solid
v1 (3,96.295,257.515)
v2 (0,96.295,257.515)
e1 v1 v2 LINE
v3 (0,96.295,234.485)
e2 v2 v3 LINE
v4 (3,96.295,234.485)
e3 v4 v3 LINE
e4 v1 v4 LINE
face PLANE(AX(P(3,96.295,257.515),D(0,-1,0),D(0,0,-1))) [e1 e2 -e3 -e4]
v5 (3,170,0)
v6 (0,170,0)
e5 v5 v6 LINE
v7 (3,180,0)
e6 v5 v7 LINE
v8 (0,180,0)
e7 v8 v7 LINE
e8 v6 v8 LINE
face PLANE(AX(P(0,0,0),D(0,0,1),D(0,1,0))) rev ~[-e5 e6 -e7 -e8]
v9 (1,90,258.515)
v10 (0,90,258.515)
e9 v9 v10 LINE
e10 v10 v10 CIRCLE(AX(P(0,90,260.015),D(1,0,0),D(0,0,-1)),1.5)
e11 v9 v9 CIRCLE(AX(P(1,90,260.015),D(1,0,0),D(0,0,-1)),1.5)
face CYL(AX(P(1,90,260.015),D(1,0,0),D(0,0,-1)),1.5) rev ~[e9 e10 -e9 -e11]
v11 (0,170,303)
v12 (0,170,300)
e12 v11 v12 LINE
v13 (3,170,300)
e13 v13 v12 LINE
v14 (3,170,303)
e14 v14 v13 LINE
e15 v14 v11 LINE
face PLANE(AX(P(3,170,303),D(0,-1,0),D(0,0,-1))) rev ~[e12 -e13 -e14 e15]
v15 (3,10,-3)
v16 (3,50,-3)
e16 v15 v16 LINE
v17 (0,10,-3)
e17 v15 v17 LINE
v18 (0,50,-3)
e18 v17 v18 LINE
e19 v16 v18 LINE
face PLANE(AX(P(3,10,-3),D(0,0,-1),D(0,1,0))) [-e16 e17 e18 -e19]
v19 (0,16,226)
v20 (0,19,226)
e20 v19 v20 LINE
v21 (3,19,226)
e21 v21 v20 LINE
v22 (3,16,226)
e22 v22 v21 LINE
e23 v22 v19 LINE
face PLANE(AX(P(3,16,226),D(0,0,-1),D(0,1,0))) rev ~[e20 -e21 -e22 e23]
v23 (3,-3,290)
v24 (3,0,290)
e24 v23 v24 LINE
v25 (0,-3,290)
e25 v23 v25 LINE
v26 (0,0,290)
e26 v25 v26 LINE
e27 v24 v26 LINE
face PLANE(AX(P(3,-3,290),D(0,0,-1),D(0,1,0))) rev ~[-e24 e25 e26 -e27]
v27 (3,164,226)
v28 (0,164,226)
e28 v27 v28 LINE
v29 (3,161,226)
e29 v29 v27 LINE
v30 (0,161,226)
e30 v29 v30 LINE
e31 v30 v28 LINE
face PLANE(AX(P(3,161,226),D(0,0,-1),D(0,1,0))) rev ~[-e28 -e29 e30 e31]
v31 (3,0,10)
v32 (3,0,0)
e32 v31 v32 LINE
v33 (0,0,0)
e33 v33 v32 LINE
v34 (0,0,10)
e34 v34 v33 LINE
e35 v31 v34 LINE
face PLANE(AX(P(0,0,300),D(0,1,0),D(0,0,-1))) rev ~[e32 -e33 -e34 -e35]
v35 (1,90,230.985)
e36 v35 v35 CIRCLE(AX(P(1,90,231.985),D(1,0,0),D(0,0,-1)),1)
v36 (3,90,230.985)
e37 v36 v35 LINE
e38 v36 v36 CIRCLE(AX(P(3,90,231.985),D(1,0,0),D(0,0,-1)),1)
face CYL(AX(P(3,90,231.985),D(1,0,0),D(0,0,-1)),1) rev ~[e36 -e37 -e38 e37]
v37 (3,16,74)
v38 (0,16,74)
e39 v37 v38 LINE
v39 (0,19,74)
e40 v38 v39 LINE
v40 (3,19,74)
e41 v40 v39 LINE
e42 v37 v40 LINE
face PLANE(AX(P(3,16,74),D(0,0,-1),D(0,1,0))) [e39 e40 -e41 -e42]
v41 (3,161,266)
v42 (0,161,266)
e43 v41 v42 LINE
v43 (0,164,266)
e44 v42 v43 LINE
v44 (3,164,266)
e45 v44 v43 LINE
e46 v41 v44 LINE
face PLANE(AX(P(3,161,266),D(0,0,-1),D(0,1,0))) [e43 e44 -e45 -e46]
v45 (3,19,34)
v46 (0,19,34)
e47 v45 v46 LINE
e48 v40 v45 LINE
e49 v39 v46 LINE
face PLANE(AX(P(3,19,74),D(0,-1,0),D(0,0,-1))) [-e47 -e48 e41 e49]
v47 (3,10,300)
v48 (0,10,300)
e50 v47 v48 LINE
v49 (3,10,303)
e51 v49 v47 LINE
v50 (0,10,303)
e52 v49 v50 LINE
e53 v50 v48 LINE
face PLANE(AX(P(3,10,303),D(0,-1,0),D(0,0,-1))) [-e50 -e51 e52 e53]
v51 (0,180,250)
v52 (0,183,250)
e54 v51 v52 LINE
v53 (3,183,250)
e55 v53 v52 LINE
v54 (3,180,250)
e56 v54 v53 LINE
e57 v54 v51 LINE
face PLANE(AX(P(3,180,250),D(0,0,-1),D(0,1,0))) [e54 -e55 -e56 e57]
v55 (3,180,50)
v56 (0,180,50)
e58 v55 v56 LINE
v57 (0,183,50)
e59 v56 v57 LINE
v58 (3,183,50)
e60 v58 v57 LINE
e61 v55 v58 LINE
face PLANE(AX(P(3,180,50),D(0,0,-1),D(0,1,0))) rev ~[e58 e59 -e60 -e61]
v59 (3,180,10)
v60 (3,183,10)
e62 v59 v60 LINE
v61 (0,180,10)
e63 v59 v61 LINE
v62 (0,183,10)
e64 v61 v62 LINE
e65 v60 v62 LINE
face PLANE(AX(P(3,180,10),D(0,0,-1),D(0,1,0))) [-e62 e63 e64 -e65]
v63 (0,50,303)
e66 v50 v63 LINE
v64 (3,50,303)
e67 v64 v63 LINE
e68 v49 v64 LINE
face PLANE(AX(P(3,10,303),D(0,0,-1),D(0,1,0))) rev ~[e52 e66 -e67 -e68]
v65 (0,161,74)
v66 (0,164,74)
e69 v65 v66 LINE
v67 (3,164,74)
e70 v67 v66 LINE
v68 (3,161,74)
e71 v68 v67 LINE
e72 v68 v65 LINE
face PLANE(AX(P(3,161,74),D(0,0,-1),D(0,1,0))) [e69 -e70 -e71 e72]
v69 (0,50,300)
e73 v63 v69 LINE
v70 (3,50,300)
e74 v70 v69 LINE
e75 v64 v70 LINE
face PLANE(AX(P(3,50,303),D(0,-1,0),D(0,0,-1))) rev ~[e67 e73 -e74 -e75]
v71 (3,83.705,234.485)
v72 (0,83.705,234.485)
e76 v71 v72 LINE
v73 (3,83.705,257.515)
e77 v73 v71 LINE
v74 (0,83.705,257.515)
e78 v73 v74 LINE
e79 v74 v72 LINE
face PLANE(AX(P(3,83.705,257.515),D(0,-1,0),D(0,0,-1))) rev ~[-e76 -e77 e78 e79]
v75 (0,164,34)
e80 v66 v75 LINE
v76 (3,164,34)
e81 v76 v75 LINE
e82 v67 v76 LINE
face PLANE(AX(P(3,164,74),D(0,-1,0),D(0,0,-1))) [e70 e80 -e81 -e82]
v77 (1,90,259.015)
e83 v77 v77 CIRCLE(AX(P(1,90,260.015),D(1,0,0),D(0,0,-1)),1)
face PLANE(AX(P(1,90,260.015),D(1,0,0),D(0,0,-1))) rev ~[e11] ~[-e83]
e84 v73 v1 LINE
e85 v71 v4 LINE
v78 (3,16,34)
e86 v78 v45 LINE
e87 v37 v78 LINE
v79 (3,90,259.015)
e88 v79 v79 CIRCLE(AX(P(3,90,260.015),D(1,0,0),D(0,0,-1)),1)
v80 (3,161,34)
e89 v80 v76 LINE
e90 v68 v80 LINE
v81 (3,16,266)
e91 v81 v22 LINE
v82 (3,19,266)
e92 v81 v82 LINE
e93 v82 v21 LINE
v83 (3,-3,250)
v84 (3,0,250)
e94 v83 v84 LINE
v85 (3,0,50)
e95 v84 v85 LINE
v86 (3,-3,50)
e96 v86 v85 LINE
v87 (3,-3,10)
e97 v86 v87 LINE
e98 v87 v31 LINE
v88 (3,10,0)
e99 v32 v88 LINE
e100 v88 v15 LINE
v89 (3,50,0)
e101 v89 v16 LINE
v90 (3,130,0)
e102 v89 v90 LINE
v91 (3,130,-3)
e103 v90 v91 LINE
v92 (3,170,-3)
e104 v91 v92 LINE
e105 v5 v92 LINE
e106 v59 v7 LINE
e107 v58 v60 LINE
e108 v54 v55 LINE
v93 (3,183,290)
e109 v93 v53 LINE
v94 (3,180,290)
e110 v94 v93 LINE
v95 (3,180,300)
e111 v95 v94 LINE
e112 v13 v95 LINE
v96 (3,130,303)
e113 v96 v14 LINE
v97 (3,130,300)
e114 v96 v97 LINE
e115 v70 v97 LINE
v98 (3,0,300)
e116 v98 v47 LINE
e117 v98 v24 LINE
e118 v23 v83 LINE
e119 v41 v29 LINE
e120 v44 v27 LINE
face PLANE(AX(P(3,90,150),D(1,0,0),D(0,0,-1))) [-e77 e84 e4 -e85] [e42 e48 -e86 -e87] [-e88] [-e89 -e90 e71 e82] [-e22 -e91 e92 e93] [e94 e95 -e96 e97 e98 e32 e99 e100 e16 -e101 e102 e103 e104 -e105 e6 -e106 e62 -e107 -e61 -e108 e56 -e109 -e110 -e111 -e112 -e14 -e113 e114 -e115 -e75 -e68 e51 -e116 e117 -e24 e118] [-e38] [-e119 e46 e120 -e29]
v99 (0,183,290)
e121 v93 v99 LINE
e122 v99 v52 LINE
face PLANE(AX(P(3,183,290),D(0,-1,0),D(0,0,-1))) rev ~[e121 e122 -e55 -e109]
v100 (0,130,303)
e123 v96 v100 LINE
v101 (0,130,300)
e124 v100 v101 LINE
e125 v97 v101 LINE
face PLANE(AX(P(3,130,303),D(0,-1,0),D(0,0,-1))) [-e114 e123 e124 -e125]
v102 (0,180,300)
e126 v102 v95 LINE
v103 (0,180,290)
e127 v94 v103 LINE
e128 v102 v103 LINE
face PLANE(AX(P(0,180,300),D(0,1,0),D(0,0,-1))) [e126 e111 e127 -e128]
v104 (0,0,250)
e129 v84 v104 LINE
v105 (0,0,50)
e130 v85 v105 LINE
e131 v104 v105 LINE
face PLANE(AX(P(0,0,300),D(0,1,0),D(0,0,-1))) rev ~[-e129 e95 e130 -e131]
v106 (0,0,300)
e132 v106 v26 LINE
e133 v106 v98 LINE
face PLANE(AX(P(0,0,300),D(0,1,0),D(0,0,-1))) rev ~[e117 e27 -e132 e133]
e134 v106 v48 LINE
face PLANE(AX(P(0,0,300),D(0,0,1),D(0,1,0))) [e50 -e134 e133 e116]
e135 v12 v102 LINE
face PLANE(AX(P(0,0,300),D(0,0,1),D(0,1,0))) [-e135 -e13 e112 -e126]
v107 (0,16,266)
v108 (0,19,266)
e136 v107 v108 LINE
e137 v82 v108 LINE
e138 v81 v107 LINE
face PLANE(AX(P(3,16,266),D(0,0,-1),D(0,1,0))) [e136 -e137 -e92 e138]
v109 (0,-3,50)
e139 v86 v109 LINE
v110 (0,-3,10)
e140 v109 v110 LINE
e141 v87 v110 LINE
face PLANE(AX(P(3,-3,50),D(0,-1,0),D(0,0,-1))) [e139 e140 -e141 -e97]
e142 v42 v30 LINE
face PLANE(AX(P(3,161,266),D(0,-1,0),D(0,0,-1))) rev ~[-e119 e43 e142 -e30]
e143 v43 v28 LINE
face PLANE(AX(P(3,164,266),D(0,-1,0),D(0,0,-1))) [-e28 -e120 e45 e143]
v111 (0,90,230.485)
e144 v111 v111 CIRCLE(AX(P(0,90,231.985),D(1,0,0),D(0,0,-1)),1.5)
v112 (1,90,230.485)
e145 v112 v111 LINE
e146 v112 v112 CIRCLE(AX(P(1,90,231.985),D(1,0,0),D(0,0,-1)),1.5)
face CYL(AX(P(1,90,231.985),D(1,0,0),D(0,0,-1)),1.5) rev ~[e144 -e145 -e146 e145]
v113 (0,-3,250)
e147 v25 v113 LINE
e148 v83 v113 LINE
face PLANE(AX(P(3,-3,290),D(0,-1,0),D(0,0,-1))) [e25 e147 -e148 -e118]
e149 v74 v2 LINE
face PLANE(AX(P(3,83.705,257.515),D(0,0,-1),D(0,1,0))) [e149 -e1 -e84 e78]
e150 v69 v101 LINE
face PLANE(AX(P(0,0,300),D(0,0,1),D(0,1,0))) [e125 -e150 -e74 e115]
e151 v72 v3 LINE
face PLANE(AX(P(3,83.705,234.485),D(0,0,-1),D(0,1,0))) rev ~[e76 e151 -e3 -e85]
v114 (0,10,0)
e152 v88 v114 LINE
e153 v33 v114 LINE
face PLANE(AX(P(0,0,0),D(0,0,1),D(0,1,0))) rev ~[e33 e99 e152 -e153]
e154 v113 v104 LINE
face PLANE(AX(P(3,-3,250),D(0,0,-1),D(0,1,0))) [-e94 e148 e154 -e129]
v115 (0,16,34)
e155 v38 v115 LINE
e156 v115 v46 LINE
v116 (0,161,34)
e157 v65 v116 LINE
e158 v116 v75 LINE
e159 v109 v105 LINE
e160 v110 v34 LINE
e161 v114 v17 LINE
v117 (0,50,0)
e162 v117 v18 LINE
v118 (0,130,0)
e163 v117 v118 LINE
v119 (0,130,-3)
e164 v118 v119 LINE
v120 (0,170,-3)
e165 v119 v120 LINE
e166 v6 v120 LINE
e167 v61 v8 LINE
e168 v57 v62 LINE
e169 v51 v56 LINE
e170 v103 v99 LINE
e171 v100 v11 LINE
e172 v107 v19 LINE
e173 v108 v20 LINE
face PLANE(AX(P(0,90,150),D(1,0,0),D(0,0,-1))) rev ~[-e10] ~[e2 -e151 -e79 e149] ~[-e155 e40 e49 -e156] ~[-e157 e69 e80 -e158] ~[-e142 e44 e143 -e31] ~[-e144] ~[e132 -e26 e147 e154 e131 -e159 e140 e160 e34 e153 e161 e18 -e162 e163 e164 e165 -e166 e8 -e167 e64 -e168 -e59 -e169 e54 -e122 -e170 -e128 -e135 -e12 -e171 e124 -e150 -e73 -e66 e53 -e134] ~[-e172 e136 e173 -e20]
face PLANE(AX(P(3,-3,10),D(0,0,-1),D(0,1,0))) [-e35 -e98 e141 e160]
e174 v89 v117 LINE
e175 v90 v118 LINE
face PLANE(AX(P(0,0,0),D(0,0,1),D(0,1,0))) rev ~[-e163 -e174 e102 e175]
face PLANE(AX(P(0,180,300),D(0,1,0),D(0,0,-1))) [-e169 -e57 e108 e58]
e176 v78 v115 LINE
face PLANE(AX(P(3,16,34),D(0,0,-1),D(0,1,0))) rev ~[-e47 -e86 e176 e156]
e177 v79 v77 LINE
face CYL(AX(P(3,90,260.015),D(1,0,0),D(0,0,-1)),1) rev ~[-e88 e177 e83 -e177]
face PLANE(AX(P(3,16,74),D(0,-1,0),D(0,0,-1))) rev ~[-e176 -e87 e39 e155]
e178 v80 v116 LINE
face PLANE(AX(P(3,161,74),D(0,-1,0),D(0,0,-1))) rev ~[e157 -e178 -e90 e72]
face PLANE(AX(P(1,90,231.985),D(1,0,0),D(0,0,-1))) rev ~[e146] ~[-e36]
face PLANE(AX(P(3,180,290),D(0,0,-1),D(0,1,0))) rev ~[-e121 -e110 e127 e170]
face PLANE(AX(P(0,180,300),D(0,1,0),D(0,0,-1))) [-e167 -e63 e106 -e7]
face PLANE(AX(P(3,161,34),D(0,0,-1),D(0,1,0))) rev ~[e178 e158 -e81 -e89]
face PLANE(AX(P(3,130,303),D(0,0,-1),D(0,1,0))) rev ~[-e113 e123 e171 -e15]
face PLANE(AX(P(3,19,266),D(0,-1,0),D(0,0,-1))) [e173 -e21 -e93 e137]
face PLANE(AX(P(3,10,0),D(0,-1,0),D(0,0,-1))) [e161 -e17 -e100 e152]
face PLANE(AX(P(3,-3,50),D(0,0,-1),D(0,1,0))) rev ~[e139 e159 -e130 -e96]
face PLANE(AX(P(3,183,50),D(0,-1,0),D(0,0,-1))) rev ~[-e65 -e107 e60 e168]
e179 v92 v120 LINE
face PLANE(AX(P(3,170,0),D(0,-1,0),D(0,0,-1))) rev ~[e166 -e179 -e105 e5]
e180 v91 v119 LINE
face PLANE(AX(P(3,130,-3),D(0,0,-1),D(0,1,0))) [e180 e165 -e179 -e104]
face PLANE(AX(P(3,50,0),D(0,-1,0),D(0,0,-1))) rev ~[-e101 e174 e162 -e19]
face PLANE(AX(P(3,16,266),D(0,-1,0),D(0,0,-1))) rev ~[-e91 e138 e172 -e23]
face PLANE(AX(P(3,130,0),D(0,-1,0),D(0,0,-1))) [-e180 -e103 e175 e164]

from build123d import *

# Parameters (mm, degrees)
SKETCH1_W           = 300
SKETCH1_H           = 180
BOSS_EXTRUDE1_DEPTH = 3
SKETCH2_W           = 40
SKETCH2_H           = 3
SKETCH2_W_2         = 3
SKETCH2_H_2         = 40
BOSS_EXTRUDE2_DEPTH = 3
SKETCH3_W           = 40
SKETCH3_H           = 3
CUT_EXTRUDE1_DEPTH  = 354.987287907
SKETCH4_W           = 40
SKETCH4_H           = 3
CUT_EXTRUDE2_DEPTH  = 3
SKETCH5_W           = 40
SKETCH5_H           = 3
CUT_EXTRUDE3_DEPTH  = 3
SKETCH6_W           = 40
SKETCH6_H           = 3
CUT_EXTRUDE4_DEPTH  = 3
SKETCH8_W           = 23.03
SKETCH8_H           = 12.59
CUT_EXTRUDE5_DEPTH  = 10
SKETCH9_R           = 1
CUT_EXTRUDE6_DEPTH  = 2
SKETCH12_R          = 1.5
CUT_EXTRUDE7_DEPTH  = 10
SKETCH13_R          = 1.5
CUT_EXTRUDE8_DEPTH  = 10


with BuildPart() as part:
    # Sketch1 → Boss-Extrude1 (new body)
    with BuildSketch(Plane(origin=(0, 0, 0), x_dir=(0, 0, -1), z_dir=(1, 0, 0))):
        with Locations((-150, 90)):
            Rectangle(SKETCH1_W, SKETCH1_H)
    extrude(amount=BOSS_EXTRUDE1_DEPTH)

    # Sketch2 → Boss-Extrude2 (add)
    with BuildSketch(Plane(origin=(3, 0, 0), x_dir=(0, 0, -1), z_dir=(1, 0, 0))):
        with Locations((-270, 181.5)):
            Rectangle(SKETCH2_W, SKETCH2_H)
        with Locations((-30, 181.5)):
            Rectangle(SKETCH2_W, SKETCH2_H)
        with Locations((1.5, 150)):
            Rectangle(SKETCH2_W_2, SKETCH2_H_2)
        with Locations((1.5, 30)):
            Rectangle(SKETCH2_W_2, SKETCH2_H_2)
        with Locations((-30, -1.5)):
            Rectangle(SKETCH2_W, SKETCH2_H)
        with Locations((-270, -1.5)):
            Rectangle(SKETCH2_W, SKETCH2_H)
        with Locations((-301.5, 150)):
            Rectangle(SKETCH2_W_2, SKETCH2_H_2)
        with Locations((-301.5, 30)):
            Rectangle(SKETCH2_W_2, SKETCH2_H_2)
    extrude(amount=-BOSS_EXTRUDE2_DEPTH)

    # Sketch3 → Cut-Extrude1 (cut, through all)
    with BuildSketch(Plane(origin=(3, 0, 0), x_dir=(0, 0, -1), z_dir=(1, 0, 0))):
        with Locations((-246, 162.5)):
            Rectangle(SKETCH3_W, SKETCH3_H)
    extrude(amount=-CUT_EXTRUDE1_DEPTH, mode=Mode.SUBTRACT)

    # Sketch4 → Cut-Extrude2 (cut)
    with BuildSketch(Plane(origin=(3, 0, 0), x_dir=(0, 0, -1), z_dir=(1, 0, 0))):
        with Locations((-54, 162.5)):
            Rectangle(SKETCH4_W, SKETCH4_H)
    extrude(amount=-CUT_EXTRUDE2_DEPTH, mode=Mode.SUBTRACT)

    # Sketch5 → Cut-Extrude3 (cut)
    with BuildSketch(Plane(origin=(3, 0, 0), x_dir=(0, 0, -1), z_dir=(1, 0, 0))):
        with Locations((-246, 17.5)):
            Rectangle(SKETCH5_W, SKETCH5_H)
    extrude(amount=-CUT_EXTRUDE3_DEPTH, mode=Mode.SUBTRACT)

    # Sketch6 → Cut-Extrude4 (cut)
    with BuildSketch(Plane(origin=(3, 0, 0), x_dir=(0, 0, -1), z_dir=(1, 0, 0))):
        with Locations((-54, 17.5)):
            Rectangle(SKETCH6_W, SKETCH6_H)
    extrude(amount=-CUT_EXTRUDE4_DEPTH, mode=Mode.SUBTRACT)

    # Sketch8 → Cut-Extrude5 (cut)
    with BuildSketch(Plane(origin=(3, 0, 0), x_dir=(0, 0, -1), z_dir=(1, 0, 0))):
        with Locations((-246, 90)):
            Rectangle(SKETCH8_W, SKETCH8_H)
    extrude(amount=-CUT_EXTRUDE5_DEPTH, mode=Mode.SUBTRACT)

    # Sketch9 → Cut-Extrude6 (cut)
    with BuildSketch(Plane(origin=(3, 0, 0), x_dir=(0, 0, -1), z_dir=(1, 0, 0))):
        with Locations((-260.015, 90)):
            Circle(SKETCH9_R)
        with Locations((-231.985, 90)):
            Circle(SKETCH9_R)
    extrude(amount=-CUT_EXTRUDE6_DEPTH, mode=Mode.SUBTRACT)

    # Sketch12 → Cut-Extrude7 (cut)
    with BuildSketch(Plane(origin=(1, 0, 0), x_dir=(0, 0, -1), z_dir=(1, 0, 0))):
        with Locations((-260.015, 90)):
            Circle(SKETCH12_R)
    extrude(amount=-CUT_EXTRUDE7_DEPTH, mode=Mode.SUBTRACT)

    # Sketch13 → Cut-Extrude8 (cut)
    with BuildSketch(Plane(origin=(1, 0, 0), x_dir=(0, 0, -1), z_dir=(1, 0, 0))):
        with Locations((-231.985, 90)):
            Circle(SKETCH13_R)
    extrude(amount=-CUT_EXTRUDE8_DEPTH, mode=Mode.SUBTRACT)


solid = part.part
